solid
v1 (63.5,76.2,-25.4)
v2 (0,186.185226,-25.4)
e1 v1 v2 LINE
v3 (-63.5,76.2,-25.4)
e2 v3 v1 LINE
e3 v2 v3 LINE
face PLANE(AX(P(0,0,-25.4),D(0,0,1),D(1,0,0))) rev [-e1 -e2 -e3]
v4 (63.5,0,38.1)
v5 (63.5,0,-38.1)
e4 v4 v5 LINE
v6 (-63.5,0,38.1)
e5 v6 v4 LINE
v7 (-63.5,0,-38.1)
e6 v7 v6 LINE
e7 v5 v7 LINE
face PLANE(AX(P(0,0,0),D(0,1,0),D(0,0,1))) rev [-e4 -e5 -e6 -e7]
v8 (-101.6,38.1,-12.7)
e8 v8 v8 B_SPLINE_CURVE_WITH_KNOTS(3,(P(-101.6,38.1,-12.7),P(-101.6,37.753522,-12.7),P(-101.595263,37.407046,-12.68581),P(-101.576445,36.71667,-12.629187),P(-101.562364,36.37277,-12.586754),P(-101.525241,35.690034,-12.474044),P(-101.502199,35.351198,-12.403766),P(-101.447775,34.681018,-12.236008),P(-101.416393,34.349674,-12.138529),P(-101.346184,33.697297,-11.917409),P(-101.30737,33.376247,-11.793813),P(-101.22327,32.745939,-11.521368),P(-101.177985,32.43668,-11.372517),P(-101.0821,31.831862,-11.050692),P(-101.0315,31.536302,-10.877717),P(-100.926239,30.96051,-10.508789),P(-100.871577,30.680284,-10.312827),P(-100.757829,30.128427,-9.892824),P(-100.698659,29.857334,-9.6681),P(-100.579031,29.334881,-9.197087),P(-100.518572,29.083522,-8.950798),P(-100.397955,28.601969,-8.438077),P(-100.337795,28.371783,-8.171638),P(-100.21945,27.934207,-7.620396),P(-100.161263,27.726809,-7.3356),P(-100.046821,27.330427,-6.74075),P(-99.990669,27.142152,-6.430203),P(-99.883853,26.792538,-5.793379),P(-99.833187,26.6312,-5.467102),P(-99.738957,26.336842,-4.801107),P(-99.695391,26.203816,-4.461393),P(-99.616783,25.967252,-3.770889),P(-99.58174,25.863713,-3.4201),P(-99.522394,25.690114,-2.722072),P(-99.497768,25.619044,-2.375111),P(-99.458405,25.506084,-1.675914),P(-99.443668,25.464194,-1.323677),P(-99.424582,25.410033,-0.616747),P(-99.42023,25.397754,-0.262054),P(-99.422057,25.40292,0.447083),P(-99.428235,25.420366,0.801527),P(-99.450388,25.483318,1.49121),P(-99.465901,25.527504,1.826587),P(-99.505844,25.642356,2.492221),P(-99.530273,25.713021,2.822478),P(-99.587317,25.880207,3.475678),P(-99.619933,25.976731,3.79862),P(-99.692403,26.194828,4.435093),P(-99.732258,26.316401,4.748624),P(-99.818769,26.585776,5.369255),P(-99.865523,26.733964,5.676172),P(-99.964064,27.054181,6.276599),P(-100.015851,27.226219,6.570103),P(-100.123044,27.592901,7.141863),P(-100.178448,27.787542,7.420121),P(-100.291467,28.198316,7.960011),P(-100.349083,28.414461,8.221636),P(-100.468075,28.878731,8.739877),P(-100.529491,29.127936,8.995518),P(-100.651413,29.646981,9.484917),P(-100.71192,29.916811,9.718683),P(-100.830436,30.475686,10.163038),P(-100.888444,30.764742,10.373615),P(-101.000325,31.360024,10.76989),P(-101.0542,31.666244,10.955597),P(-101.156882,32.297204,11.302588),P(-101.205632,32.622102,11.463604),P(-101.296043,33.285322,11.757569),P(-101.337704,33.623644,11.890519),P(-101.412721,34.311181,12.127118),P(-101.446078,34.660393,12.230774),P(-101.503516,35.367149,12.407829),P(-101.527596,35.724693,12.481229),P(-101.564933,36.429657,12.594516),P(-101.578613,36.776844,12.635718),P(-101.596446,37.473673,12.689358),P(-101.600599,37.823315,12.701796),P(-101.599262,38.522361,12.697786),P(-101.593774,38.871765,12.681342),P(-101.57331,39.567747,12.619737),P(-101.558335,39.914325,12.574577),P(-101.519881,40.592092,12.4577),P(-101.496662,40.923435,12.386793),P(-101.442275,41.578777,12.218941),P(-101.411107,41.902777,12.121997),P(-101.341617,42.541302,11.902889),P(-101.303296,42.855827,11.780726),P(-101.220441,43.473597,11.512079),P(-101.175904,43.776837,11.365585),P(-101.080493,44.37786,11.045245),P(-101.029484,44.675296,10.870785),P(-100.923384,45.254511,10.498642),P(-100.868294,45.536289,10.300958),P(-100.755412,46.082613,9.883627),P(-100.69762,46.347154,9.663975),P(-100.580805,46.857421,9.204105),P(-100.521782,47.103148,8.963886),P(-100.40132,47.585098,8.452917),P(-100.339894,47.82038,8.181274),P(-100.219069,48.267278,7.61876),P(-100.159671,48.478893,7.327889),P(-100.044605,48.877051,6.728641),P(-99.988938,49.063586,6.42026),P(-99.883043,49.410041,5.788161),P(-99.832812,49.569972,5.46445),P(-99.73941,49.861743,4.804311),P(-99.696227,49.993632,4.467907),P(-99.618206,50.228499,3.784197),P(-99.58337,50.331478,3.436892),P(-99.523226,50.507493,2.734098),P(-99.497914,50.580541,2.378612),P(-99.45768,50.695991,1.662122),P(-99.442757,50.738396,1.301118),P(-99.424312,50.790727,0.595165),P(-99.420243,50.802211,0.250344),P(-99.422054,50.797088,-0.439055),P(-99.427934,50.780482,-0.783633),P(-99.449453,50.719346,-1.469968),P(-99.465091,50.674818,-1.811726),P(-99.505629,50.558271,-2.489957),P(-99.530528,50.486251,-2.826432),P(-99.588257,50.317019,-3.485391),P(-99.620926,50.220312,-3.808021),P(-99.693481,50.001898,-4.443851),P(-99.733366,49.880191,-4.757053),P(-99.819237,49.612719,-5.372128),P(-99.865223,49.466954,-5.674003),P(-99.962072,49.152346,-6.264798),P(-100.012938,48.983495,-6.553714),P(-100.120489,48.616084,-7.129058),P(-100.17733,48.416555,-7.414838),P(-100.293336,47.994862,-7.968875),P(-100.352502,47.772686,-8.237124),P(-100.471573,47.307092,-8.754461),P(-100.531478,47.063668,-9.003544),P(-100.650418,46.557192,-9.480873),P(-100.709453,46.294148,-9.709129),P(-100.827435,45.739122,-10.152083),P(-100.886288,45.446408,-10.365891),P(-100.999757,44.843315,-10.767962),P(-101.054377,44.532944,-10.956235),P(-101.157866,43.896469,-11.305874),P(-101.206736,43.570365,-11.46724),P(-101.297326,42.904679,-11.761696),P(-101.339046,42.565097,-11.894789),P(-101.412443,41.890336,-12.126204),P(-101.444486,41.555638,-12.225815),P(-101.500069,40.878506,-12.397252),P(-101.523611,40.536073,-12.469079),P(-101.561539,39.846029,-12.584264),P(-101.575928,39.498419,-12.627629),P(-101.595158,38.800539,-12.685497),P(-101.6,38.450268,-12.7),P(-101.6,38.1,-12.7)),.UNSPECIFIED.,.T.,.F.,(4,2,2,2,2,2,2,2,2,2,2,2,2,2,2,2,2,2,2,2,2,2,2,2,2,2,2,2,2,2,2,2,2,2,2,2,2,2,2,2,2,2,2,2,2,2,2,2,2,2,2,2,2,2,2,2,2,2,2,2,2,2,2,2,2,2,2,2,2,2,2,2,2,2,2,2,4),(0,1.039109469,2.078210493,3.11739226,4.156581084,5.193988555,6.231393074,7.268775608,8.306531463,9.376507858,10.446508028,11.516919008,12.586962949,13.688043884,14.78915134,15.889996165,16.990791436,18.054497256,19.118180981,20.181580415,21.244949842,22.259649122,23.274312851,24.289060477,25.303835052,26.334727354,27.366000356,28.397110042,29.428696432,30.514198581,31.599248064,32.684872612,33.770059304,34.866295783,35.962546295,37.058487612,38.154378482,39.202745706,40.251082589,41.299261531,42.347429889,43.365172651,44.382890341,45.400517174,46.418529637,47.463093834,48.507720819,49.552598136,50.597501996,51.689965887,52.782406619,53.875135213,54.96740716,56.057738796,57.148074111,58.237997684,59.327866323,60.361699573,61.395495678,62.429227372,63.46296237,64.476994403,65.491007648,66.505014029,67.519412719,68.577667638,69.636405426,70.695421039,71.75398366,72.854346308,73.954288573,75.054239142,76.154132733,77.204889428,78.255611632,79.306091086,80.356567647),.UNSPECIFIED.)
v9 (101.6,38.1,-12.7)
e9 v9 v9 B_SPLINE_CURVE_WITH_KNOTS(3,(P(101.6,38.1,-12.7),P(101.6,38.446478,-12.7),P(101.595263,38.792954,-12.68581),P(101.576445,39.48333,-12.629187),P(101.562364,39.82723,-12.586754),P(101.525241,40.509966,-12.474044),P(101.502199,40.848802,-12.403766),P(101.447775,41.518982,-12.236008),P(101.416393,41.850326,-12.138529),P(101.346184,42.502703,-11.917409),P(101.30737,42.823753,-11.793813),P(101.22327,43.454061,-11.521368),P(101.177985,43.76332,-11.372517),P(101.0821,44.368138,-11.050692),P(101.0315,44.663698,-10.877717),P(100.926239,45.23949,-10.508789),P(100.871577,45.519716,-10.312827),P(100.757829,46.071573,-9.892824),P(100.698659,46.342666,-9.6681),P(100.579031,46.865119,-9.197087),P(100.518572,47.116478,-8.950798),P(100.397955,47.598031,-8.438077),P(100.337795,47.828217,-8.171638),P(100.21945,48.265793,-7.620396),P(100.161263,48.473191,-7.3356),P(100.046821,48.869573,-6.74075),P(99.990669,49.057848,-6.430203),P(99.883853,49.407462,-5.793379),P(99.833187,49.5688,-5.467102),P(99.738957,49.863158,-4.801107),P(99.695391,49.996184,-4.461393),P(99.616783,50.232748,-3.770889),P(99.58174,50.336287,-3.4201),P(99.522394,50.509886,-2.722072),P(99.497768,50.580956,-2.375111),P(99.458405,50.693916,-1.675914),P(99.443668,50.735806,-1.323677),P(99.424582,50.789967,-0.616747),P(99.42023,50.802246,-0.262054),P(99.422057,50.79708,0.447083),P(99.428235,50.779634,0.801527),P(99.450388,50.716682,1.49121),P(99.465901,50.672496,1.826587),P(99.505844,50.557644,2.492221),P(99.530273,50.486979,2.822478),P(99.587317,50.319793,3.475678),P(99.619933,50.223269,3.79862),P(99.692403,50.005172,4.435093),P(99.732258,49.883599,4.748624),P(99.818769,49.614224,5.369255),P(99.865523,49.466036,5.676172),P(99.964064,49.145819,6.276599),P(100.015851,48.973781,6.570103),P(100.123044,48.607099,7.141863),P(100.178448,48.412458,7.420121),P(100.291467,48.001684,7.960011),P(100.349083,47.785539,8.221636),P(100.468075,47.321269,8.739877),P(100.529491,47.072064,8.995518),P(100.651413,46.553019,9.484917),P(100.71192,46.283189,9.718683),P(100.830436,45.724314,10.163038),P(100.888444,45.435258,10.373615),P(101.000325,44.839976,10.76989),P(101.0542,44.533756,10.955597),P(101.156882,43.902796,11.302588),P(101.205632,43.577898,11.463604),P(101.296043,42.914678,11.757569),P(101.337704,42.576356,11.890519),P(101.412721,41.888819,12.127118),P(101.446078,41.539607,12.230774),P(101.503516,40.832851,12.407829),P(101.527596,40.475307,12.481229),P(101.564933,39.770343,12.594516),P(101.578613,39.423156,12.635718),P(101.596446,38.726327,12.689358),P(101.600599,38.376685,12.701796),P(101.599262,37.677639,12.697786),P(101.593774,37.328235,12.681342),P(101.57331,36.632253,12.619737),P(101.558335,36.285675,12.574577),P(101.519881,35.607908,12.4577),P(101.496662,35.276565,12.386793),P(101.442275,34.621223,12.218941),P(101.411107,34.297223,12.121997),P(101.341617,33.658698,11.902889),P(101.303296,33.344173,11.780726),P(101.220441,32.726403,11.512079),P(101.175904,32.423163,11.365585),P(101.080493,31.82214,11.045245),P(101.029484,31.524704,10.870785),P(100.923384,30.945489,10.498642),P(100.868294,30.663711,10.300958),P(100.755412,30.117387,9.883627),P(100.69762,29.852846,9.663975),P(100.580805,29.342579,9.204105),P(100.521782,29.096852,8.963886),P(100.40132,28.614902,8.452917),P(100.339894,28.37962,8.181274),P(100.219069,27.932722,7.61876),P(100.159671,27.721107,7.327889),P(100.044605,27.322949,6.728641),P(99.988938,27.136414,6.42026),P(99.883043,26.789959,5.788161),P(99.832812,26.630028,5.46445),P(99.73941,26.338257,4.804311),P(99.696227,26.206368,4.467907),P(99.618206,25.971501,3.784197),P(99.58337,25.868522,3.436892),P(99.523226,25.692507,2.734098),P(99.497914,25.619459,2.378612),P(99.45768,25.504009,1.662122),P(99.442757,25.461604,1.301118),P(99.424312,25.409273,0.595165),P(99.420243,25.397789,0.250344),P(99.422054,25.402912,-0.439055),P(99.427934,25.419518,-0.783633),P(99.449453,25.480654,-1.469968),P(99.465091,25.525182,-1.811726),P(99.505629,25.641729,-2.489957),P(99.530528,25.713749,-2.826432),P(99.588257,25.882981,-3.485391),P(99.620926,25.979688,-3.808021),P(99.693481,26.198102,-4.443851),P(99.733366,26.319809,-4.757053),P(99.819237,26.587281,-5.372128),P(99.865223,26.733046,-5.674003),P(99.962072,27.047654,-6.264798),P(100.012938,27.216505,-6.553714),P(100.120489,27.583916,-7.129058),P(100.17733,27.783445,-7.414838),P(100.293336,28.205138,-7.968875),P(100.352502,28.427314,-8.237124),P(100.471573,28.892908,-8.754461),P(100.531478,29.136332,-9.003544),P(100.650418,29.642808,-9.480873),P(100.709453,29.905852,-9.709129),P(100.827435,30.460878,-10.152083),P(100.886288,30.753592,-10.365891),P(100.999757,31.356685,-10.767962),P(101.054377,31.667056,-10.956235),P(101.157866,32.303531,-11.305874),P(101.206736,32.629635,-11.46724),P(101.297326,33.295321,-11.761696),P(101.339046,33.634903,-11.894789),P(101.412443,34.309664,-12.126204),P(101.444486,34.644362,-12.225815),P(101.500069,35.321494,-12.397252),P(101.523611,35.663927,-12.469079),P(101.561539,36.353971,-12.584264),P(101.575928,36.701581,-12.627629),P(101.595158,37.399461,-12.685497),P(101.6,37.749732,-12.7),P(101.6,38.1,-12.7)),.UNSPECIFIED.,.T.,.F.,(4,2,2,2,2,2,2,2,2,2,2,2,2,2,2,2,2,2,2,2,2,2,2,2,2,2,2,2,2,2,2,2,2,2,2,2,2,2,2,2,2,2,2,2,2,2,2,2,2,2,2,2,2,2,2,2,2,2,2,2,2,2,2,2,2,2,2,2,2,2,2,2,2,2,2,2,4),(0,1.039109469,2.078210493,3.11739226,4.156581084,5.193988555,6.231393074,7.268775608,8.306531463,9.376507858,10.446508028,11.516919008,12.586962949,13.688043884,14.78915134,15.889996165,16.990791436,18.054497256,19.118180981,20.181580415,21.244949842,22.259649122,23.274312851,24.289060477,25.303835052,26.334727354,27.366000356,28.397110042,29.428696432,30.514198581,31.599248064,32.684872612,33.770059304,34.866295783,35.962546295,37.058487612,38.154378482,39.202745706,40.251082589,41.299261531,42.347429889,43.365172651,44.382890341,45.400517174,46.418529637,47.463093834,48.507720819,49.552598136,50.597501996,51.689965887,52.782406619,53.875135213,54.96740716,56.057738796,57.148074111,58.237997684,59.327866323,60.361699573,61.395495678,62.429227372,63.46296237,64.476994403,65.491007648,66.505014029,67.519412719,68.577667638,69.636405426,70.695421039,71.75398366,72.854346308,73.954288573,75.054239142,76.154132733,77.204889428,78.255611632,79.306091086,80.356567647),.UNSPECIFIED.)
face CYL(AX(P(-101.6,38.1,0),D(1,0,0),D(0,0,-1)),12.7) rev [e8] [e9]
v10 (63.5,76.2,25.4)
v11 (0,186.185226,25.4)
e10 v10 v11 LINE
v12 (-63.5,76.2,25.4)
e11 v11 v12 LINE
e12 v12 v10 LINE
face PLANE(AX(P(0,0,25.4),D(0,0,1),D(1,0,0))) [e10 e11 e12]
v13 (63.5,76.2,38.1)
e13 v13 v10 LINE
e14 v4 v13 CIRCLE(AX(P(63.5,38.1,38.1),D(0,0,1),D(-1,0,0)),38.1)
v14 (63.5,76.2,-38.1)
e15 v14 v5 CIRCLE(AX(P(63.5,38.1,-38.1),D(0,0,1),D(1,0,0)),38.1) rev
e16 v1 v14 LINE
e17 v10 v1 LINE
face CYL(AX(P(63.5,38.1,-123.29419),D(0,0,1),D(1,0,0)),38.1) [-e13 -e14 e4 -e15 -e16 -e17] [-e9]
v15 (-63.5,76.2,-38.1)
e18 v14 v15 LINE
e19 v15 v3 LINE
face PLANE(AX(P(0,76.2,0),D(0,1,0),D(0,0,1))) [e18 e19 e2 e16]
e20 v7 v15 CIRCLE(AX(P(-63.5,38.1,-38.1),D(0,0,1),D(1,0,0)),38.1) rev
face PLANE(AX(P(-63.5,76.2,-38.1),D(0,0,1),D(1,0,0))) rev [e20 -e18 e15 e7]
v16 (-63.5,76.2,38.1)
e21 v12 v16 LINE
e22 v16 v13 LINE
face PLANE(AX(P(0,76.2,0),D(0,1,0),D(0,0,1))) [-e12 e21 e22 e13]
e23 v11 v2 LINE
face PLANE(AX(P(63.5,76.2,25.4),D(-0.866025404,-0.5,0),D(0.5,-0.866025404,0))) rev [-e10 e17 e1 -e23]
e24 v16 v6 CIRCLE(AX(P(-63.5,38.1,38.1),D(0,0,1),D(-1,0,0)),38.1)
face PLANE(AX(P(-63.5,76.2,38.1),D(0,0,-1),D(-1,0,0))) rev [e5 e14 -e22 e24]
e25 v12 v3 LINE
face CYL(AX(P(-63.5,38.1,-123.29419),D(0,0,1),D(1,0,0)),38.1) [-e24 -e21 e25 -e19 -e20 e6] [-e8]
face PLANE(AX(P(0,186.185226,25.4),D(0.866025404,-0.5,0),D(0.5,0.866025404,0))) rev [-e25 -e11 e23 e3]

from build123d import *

# Parameters (mm, degrees)
SKETCH3_W               = 127
SKETCH3_H               = 76.2
BOSS_EXTRUDE1_DEPTH     = 76.2
BOSS_EXTRUDE2_DEPTH     = 76.2
BOSS_EXTRUDE3_DEPTH     = 25.4
SKETCH6_R               = 12.7
CUT_EXTRUDE1_DEPTH      = 102.6
CUT_EXTRUDE1_DEPTH_BACK = 102.6


with BuildPart() as part:
    # Sketch3 → Boss-Extrude1 (new body)
    with BuildSketch(Plane(origin=(0, 0, 0), x_dir=(1, 0, 0), z_dir=(0, 1, 0))):
        Rectangle(SKETCH3_W, SKETCH3_H)
    extrude(amount=BOSS_EXTRUDE1_DEPTH)

    # Sketch4 → Boss-Extrude2 (add)
    with BuildSketch(Plane.XY.offset(38.1)):
        with BuildLine():
            Line((-63.5, 76.2), (-63.5, 0))
            ThreePointArc((-63.5, 0), (-101.6, 38.1), (-63.5, 76.2))
        make_face()
        with BuildLine():
            Line((63.5, 76.2), (63.5, 0))
            ThreePointArc((63.5, 0), (101.6, 38.1), (63.5, 76.2))
        make_face()
    extrude(amount=-BOSS_EXTRUDE2_DEPTH)

    # Sketch5 → Boss-Extrude3 (add, symmetric)
    with BuildSketch(Plane.XY):
        Polygon((-63.5, 76.2), (63.5, 76.2), (0, 186.185226281), align=None)
    extrude(amount=BOSS_EXTRUDE3_DEPTH, both=True)

    # Sketch6 → Cut-Extrude1 (cut, two sides)
    with BuildSketch(Plane(origin=(0, 0, 0), x_dir=(0, 0, -1), z_dir=(1, 0, 0))) as cut_extrude1_sk:
        with Locations((0, 38.1)):
            Circle(SKETCH6_R)
    extrude(amount=CUT_EXTRUDE1_DEPTH, mode=Mode.SUBTRACT)
    extrude(cut_extrude1_sk.sketch, amount=-CUT_EXTRUDE1_DEPTH_BACK, mode=Mode.SUBTRACT)


solid = part.part
